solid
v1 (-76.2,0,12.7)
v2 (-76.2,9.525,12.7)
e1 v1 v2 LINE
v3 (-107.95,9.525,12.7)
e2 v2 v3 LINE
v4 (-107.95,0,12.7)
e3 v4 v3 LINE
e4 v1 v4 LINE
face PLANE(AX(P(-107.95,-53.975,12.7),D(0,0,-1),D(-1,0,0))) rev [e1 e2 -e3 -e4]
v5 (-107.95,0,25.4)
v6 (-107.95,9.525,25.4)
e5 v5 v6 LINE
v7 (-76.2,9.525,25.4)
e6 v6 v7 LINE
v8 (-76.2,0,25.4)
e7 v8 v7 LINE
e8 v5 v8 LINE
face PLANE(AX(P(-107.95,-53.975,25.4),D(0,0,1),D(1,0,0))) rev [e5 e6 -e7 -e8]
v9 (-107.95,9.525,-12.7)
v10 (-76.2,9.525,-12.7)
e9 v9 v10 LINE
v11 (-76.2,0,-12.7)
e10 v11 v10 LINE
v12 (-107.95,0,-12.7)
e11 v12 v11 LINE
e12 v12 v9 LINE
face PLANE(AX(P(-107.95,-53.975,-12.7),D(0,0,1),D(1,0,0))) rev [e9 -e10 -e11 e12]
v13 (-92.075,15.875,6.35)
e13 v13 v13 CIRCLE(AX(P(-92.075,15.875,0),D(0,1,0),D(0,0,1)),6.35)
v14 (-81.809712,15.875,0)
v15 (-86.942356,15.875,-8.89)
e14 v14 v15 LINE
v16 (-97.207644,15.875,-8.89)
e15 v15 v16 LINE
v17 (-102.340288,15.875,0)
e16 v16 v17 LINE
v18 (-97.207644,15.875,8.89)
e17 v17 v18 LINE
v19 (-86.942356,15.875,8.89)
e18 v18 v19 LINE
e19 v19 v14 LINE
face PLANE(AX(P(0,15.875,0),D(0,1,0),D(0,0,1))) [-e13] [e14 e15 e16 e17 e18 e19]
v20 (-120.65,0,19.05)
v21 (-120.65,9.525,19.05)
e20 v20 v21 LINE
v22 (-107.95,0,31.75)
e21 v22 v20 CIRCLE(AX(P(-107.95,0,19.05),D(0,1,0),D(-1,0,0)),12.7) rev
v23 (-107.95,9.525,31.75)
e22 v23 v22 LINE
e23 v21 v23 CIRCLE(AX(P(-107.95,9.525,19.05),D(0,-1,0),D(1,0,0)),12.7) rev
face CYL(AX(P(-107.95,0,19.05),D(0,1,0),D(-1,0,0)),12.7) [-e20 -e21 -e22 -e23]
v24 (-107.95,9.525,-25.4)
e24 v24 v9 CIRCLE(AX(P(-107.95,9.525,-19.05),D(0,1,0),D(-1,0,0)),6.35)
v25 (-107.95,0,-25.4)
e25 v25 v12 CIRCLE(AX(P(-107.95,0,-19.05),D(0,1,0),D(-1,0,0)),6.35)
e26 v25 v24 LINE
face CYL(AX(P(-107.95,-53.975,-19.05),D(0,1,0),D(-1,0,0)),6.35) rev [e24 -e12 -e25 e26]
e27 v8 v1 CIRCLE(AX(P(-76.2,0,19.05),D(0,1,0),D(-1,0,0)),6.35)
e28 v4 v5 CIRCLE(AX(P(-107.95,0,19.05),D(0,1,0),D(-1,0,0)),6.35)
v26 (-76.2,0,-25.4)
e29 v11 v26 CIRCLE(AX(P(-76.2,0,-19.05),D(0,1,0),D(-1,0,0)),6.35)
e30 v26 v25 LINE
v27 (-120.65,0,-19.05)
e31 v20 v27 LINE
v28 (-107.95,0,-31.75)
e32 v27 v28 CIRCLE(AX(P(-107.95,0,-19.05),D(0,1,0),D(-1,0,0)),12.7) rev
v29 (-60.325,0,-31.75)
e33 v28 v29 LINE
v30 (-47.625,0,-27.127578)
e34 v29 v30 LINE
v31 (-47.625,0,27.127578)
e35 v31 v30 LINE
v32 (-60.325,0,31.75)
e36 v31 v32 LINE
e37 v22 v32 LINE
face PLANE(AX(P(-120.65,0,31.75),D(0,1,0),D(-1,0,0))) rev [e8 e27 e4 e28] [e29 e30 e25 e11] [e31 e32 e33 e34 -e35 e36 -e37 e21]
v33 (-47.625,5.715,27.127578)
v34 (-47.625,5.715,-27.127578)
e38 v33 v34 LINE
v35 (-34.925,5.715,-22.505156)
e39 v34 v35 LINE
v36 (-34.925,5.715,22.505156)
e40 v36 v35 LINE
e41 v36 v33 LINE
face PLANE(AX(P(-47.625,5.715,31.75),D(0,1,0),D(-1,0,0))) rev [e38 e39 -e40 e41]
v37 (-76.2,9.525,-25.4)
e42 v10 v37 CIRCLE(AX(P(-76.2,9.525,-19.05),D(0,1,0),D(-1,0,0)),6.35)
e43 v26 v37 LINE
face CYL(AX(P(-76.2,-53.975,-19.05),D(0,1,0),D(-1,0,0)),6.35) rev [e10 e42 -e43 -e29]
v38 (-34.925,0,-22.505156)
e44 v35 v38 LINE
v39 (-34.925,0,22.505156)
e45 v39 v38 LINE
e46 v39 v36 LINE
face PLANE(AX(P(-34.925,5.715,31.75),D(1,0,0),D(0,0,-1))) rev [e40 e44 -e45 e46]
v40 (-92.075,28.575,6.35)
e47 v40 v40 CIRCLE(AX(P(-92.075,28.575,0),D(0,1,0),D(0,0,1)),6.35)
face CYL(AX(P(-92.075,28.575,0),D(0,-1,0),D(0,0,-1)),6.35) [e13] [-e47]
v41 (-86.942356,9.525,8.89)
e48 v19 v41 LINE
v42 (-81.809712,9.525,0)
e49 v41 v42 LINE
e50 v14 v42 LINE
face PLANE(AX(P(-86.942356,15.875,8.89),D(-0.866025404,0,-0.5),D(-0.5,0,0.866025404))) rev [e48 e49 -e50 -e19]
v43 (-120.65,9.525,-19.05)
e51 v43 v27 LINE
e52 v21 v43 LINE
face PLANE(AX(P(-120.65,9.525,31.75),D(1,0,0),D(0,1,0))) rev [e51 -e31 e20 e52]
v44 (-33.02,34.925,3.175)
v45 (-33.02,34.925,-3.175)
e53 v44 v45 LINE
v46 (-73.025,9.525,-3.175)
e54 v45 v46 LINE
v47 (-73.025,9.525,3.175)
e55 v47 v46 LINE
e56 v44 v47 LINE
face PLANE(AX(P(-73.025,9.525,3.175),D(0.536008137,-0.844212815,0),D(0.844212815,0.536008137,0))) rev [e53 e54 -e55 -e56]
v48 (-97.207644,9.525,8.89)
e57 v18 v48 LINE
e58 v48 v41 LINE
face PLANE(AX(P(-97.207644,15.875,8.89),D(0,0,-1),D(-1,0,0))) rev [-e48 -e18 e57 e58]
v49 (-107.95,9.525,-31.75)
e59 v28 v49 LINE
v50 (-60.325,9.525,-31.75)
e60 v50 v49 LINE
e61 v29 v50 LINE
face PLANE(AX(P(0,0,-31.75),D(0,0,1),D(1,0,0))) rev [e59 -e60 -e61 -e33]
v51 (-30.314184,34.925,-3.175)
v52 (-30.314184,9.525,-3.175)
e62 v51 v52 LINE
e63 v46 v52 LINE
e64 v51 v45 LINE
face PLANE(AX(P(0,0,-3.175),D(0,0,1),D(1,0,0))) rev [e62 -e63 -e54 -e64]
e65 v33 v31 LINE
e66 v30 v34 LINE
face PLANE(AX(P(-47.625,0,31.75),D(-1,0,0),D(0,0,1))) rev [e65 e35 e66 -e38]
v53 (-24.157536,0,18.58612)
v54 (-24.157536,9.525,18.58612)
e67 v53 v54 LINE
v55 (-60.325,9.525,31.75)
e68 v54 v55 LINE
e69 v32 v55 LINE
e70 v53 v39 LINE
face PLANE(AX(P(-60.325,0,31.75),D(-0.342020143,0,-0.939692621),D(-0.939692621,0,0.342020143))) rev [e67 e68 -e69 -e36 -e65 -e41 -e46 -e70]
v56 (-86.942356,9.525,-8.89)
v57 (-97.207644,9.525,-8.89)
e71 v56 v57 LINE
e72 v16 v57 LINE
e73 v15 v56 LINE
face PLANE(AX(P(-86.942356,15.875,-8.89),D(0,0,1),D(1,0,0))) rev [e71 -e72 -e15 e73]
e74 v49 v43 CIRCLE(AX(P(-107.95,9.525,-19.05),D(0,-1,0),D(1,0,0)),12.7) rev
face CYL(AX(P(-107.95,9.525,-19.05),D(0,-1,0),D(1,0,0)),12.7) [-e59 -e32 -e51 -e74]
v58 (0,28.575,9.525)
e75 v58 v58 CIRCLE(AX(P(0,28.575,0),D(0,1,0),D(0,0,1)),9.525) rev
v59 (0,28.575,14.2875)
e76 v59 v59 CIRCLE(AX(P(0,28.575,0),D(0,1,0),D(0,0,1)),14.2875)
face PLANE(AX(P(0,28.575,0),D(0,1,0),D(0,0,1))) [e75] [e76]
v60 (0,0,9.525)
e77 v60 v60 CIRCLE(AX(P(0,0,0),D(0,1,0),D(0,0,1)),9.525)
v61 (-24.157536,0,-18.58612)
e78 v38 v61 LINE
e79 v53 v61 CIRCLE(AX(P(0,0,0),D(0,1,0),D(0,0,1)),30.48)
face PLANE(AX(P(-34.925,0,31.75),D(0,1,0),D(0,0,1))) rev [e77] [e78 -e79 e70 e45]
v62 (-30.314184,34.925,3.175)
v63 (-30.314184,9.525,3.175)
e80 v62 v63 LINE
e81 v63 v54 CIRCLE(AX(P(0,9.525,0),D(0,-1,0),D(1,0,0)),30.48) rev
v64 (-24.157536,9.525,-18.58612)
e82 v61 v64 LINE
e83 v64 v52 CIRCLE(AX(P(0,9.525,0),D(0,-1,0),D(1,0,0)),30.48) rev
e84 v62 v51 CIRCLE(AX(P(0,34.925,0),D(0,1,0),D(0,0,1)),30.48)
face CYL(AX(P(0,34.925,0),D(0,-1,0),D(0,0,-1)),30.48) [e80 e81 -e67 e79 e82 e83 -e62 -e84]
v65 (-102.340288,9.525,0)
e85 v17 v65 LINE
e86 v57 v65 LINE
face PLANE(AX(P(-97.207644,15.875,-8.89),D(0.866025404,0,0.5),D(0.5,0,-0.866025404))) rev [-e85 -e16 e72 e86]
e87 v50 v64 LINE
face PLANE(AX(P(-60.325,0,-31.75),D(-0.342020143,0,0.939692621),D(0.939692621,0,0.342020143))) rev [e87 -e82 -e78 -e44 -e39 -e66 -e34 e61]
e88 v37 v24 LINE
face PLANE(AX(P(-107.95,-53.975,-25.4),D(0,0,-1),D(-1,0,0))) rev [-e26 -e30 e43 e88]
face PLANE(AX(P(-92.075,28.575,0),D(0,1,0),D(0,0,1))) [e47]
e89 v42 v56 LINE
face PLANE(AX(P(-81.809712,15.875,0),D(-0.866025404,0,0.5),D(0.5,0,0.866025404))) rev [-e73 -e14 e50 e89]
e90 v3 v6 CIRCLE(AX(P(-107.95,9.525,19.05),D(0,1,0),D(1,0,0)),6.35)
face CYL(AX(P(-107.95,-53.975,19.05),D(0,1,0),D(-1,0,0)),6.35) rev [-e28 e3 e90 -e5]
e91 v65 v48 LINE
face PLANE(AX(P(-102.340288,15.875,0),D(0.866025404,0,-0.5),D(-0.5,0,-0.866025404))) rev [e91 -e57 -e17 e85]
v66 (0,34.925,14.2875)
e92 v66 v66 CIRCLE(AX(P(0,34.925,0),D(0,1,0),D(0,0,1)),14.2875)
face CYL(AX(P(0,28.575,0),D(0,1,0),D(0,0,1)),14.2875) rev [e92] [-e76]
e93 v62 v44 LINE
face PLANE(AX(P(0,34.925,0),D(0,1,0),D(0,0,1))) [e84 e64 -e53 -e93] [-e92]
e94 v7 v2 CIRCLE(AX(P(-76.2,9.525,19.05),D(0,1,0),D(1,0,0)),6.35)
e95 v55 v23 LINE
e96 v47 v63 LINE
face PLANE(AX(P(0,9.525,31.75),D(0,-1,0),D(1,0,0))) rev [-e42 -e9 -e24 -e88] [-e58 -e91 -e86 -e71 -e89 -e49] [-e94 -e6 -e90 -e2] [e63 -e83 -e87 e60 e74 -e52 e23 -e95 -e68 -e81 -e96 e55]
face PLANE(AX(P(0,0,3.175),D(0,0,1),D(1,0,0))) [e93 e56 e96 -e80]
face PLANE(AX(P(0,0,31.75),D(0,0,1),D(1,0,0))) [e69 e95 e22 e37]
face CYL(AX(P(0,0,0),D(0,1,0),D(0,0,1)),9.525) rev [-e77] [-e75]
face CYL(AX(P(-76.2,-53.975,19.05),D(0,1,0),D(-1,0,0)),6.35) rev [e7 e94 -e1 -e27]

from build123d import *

# Parameters (mm, degrees)
BOSS_EXTRUDE1_DEPTH = 31.75
FILLET1_R           = 12.7
CUT_EXTRUDE1_DEPTH  = 63.5
SKETCH5_R           = 30.48
BOSS_EXTRUDE2_DEPTH = 34.925
SKETCH6_R           = 9.525
CUT_EXTRUDE2_DEPTH  = 35.925
SKETCH7_R           = 14.2875
CUT_EXTRUDE3_DEPTH  = 6.35
CUT_EXTRUDE4_DEPTH  = 10.525
BOSS_EXTRUDE6_DEPTH = 3.175
BOSS_EXTRUDE7_DEPTH = 6.35
SKETCH11_R          = 6.35
BOSS_EXTRUDE8_DEPTH = 12.7


with BuildPart() as part:
    # Sketch2 → Boss-Extrude1 (new body, symmetric)
    with BuildSketch(Plane.XY):
        Polygon((0, 0), (0, 9.525), (-120.65, 9.525), (-120.65, 0), (-47.625, 0), (-47.625, 5.715), (-34.925, 5.715), (-34.925, 0), align=None)
    extrude(amount=BOSS_EXTRUDE1_DEPTH, both=True)

    # Fillet1
    fillet1_edges = [part.edges().sort_by_distance(p)[0] for p in [
        (-120.65, 4.7625, -31.75),
        (-120.65, 4.7625, 31.75),
    ]]
    fillet(fillet1_edges, radius=FILLET1_R)

    # Sketch3 → Cut-Extrude1 (cut)
    with BuildSketch(Plane(origin=(0, 9.525, 0), x_dir=(1, 0, 0), z_dir=(0, 1, 0))):
        with BuildLine():
            Line((-107.95, 25.4), (-76.2, 25.4))
            ThreePointArc((-76.2, 25.4), (-69.85, 19.05), (-76.2, 12.7))
            Line((-76.2, 12.7), (-107.95, 12.7))
            ThreePointArc((-107.95, 12.7), (-114.3, 19.05), (-107.95, 25.4))
        make_face()
        with BuildLine():
            Line((-107.95, -25.4), (-76.2, -25.4))
            ThreePointArc((-76.2, -25.4), (-69.85, -19.05), (-76.2, -12.7))
            Line((-76.2, -12.7), (-107.95, -12.7))
            ThreePointArc((-107.95, -12.7), (-114.3, -19.05), (-107.95, -25.4))
        make_face()
    extrude(amount=-CUT_EXTRUDE1_DEPTH, mode=Mode.SUBTRACT)

    # Sketch5 → Boss-Extrude2 (add)
    with BuildSketch(Plane(origin=(0, 0, 0), x_dir=(1, 0, 0), z_dir=(0, 1, 0))):
        Circle(SKETCH5_R)
    extrude(amount=BOSS_EXTRUDE2_DEPTH)

    # Sketch6 → Cut-Extrude2 (cut, through all)
    with BuildSketch(Plane(origin=(0, 34.925, 0), x_dir=(1, 0, 0), z_dir=(0, 1, 0))):
        Circle(SKETCH6_R)
    extrude(amount=-CUT_EXTRUDE2_DEPTH, mode=Mode.SUBTRACT)

    # Sketch7 → Cut-Extrude3 (cut)
    with BuildSketch(Plane(origin=(0, 34.925, 0), x_dir=(1, 0, 0), z_dir=(0, 1, 0))):
        Circle(SKETCH7_R)
    extrude(amount=-CUT_EXTRUDE3_DEPTH, mode=Mode.SUBTRACT)

    # Sketch8 → Cut-Extrude4 (cut, through all)
    with BuildSketch(Plane(origin=(0, 9.525, 0), x_dir=(1, 0, 0), z_dir=(0, 1, 0))):
        with BuildLine():
            Line((-60.325, 31.75), (-24.157536171, 18.586119717))
            ThreePointArc((-24.157536171, 18.586119717), (-13.463384994, 27.345340819), (0, 30.48))
            Line((0, 30.48), (0, 31.75))
            Line((0, 31.75), (-60.325, 31.75))
        make_face()
        with BuildLine():
            Line((0, -31.75), (-60.325, -31.75))
            Line((-60.325, -31.75), (-24.157536171, -18.586119717))
            ThreePointArc((-24.157536171, -18.586119717), (-13.463384994, -27.345340819), (0, -30.48))
            Line((0, -30.48), (0, -31.75))
        make_face()
    extrude(amount=-CUT_EXTRUDE4_DEPTH, mode=Mode.SUBTRACT)

    # Sketch9 → Boss-Extrude6 (add, symmetric)
    with BuildSketch(Plane.XY):
        Polygon((-73.025, 9.525), (-33.02, 34.925), (-28.575, 34.925), (-28.575, 9.525), align=None)
    extrude(amount=BOSS_EXTRUDE6_DEPTH, both=True)

    # Sketch10 → Boss-Extrude7 (add)
    with BuildSketch(Plane(origin=(0, 9.525, 0), x_dir=(1, 0, 0), z_dir=(0, 1, 0))):
        Polygon((-81.809712214, 0), (-86.942356107, 8.89), (-97.207643893, 8.89), (-102.340287786, 0), (-97.207643893, -8.89), (-86.942356107, -8.89), align=None)
    extrude(amount=BOSS_EXTRUDE7_DEPTH)

    # Sketch11 → Boss-Extrude8 (add)
    with BuildSketch(Plane(origin=(0, 15.875, 0), x_dir=(1, 0, 0), z_dir=(0, 1, 0))):
        with Locations((-92.075, 0)):
            Circle(SKETCH11_R)
    extrude(amount=BOSS_EXTRUDE8_DEPTH)


solid = part.part
